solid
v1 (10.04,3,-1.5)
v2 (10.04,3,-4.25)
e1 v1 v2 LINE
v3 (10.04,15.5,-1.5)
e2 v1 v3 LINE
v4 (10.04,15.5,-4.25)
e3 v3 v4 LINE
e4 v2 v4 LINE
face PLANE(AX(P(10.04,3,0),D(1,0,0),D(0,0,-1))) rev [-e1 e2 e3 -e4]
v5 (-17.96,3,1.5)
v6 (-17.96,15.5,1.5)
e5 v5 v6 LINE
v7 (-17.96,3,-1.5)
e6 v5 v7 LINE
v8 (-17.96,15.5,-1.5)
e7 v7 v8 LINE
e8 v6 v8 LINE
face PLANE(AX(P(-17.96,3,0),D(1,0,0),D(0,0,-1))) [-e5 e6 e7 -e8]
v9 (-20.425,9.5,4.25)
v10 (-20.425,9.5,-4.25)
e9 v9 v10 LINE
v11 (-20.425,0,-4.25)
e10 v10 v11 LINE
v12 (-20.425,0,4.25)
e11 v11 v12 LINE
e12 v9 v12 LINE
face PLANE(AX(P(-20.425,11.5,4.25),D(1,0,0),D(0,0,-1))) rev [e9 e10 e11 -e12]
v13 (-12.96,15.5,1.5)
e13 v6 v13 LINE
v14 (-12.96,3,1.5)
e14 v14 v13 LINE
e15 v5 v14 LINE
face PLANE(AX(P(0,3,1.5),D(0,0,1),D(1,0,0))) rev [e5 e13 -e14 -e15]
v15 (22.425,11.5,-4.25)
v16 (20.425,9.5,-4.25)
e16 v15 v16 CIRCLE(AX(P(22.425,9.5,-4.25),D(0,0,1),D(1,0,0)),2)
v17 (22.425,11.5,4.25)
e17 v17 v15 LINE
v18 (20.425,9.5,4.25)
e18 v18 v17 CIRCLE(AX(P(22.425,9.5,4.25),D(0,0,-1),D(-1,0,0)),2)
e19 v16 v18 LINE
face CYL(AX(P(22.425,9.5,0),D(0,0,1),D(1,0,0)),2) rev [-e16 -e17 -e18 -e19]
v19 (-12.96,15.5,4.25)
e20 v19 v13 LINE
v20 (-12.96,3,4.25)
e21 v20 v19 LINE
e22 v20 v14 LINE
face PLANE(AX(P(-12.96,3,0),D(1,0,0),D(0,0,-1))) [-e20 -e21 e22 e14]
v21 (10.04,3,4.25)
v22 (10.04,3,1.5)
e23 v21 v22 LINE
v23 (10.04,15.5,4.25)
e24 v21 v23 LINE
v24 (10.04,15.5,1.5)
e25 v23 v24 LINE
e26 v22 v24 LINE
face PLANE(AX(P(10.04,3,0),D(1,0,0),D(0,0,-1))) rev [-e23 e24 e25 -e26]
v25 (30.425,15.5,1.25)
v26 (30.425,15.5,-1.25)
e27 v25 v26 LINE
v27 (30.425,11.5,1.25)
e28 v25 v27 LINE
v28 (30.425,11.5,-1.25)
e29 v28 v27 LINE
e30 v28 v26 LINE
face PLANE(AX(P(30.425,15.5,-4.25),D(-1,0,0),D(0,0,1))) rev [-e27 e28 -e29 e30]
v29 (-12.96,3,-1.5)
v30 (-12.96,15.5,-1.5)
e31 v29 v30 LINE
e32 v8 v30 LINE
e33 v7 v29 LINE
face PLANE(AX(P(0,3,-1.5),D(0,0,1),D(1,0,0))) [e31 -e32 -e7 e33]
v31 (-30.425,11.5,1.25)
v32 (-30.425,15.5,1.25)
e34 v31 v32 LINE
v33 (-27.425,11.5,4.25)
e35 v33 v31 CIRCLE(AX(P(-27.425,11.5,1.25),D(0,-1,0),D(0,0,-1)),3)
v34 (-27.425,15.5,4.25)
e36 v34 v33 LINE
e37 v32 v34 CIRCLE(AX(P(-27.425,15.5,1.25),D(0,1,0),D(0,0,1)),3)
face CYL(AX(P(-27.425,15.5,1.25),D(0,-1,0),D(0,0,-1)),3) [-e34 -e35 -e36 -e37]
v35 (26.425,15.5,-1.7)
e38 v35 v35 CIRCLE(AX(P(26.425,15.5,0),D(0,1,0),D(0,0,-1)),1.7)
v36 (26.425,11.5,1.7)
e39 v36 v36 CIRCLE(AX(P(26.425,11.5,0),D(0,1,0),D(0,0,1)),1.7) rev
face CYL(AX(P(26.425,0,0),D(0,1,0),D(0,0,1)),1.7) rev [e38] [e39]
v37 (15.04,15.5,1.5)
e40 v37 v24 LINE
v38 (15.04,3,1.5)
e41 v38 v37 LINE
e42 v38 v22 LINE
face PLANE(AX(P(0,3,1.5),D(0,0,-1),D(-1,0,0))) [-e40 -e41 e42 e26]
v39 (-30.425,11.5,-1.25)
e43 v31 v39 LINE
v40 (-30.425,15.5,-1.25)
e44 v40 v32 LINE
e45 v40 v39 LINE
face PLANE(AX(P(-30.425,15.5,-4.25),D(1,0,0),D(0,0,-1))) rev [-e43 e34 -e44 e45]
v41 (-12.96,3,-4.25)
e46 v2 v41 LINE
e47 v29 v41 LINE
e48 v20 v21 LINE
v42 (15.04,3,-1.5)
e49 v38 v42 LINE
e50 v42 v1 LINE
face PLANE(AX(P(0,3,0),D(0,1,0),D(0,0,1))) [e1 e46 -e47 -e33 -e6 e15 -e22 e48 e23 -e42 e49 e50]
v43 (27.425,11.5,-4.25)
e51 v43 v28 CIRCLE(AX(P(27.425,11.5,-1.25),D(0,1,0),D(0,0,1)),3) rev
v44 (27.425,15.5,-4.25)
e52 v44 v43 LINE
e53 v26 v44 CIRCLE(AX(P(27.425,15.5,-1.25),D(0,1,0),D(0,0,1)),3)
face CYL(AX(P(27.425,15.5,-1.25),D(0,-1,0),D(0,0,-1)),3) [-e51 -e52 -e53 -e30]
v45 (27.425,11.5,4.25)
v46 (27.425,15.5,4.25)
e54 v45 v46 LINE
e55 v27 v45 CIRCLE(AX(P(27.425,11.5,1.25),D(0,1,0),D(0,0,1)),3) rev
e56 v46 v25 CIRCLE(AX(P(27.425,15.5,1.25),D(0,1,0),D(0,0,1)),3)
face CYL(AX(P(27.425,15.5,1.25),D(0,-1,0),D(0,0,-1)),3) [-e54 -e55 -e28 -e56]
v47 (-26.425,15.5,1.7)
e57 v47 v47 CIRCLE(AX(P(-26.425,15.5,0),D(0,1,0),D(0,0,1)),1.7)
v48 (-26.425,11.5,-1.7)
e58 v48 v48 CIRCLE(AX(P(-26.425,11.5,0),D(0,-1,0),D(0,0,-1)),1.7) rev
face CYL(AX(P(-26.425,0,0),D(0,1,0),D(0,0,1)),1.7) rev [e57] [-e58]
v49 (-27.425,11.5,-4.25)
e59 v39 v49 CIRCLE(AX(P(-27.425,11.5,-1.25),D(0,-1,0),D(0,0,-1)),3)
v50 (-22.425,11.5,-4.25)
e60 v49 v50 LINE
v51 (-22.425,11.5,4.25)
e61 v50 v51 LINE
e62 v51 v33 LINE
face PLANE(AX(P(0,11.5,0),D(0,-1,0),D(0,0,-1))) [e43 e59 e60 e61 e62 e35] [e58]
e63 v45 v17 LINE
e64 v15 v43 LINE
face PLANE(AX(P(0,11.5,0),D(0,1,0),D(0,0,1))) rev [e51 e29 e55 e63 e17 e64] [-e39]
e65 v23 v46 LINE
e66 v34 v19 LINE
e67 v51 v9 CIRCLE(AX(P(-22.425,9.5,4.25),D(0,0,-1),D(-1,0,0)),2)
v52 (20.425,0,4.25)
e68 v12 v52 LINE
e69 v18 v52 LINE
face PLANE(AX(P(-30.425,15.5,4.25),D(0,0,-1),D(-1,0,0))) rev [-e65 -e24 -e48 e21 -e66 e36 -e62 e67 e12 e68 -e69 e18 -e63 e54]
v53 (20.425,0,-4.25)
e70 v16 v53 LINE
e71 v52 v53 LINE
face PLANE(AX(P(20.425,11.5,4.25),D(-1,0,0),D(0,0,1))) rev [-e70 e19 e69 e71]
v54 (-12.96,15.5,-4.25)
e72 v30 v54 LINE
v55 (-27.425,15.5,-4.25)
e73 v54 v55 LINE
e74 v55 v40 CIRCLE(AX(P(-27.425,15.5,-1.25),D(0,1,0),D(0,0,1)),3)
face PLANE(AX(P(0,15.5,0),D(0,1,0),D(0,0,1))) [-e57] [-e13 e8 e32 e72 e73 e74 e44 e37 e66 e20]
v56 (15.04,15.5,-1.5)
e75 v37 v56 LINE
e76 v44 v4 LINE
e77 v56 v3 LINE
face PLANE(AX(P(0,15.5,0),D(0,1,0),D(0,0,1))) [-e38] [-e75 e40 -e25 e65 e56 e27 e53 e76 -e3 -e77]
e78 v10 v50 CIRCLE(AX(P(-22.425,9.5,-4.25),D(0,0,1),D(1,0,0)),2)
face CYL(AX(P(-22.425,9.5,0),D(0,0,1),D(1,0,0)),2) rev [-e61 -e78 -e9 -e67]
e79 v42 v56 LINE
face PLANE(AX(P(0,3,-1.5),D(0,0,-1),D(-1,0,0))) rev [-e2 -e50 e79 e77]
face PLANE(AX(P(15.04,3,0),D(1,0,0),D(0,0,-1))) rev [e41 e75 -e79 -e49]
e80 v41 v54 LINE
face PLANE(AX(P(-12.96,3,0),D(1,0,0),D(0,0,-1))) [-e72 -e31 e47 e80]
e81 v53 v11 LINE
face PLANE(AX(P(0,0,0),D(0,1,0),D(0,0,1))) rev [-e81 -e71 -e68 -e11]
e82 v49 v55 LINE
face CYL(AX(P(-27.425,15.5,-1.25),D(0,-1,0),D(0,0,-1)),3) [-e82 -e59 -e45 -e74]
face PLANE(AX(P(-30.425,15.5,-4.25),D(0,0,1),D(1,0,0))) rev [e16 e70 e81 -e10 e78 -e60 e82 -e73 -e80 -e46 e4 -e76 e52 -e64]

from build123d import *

# Parameters (mm, degrees)
SKETCH1_W           = 60.85
SKETCH1_H           = 8.5
BOSS_EXTRUDE1_DEPTH = 15.5
SKETCH4_R           = 1.7
CUT_EXTRUDE3_DEPTH  = 35.409201168
SKETCH2_W           = 5
SKETCH2_H           = 3
CUT_EXTRUDE1_DEPTH  = 12.5
SKETCH3_W           = 10
SKETCH3_H           = 8.5
CUT_EXTRUDE2_DEPTH  = 11.5
FILLET1_R           = 2
FILLET2_R           = 3


with BuildPart() as part:
    # Sketch1 → Boss-Extrude1 (new body)
    with BuildSketch(Plane(origin=(0, 0, 0), x_dir=(1, 0, 0), z_dir=(0, 1, 0))):
        Rectangle(SKETCH1_W, SKETCH1_H)
    extrude(amount=BOSS_EXTRUDE1_DEPTH)

    # Sketch4 → Cut-Extrude3 (cut, through all)
    with BuildSketch(Plane(origin=(0, 15.5, 0), x_dir=(1, 0, 0), z_dir=(0, 1, 0))):
        with Locations(Location((-26.425, 0, 0), (0, 0, 270))):
            Circle(SKETCH4_R)
        with Locations(Location((26.425, 0, 0), (0, 0, 90))):
            Circle(SKETCH4_R)
    extrude(amount=-CUT_EXTRUDE3_DEPTH, mode=Mode.SUBTRACT)

    # Sketch2 → Cut-Extrude1 (cut)
    with BuildSketch(Plane(origin=(0, 15.5, 0), x_dir=(1, 0, 0), z_dir=(0, 1, 0))):
        Polygon((-12.96, -1.5), (-12.96, -4.25), (10.04, -4.25), (10.04, -1.5), (10.04, 1.5), (10.04, 4.25), (-12.96, 4.25), (-12.96, 1.5), align=None)
        with Locations((-15.46, 0)):
            Rectangle(SKETCH2_W, SKETCH2_H)
        with Locations((12.54, 0)):
            Rectangle(SKETCH2_W, SKETCH2_H)
    extrude(amount=-CUT_EXTRUDE1_DEPTH, mode=Mode.SUBTRACT)

    # Sketch3 → Cut-Extrude2 (cut)
    with BuildSketch(Plane.XZ):
        with Locations((-25.425, 0)):
            Rectangle(SKETCH3_W, SKETCH3_H)
        with Locations((25.425, 0)):
            Rectangle(SKETCH3_W, SKETCH3_H)
    extrude(amount=-CUT_EXTRUDE2_DEPTH, mode=Mode.SUBTRACT)

    # Fillet1
    fillet1_edges = [part.edges().sort_by_distance(p)[0] for p in [
        (-20.425, 11.5, 0),
        (20.425, 11.5, 0),
    ]]
    fillet(fillet1_edges, radius=FILLET1_R)

    # Fillet2
    fillet2_edges = [part.edges().sort_by_distance(p)[0] for p in [
        (30.425, 13.5, 4.25),
        (-30.425, 13.5, 4.25),
        (-30.425, 13.5, -4.25),
        (30.425, 13.5, -4.25),
    ]]
    fillet(fillet2_edges, radius=FILLET2_R)


solid = part.part
